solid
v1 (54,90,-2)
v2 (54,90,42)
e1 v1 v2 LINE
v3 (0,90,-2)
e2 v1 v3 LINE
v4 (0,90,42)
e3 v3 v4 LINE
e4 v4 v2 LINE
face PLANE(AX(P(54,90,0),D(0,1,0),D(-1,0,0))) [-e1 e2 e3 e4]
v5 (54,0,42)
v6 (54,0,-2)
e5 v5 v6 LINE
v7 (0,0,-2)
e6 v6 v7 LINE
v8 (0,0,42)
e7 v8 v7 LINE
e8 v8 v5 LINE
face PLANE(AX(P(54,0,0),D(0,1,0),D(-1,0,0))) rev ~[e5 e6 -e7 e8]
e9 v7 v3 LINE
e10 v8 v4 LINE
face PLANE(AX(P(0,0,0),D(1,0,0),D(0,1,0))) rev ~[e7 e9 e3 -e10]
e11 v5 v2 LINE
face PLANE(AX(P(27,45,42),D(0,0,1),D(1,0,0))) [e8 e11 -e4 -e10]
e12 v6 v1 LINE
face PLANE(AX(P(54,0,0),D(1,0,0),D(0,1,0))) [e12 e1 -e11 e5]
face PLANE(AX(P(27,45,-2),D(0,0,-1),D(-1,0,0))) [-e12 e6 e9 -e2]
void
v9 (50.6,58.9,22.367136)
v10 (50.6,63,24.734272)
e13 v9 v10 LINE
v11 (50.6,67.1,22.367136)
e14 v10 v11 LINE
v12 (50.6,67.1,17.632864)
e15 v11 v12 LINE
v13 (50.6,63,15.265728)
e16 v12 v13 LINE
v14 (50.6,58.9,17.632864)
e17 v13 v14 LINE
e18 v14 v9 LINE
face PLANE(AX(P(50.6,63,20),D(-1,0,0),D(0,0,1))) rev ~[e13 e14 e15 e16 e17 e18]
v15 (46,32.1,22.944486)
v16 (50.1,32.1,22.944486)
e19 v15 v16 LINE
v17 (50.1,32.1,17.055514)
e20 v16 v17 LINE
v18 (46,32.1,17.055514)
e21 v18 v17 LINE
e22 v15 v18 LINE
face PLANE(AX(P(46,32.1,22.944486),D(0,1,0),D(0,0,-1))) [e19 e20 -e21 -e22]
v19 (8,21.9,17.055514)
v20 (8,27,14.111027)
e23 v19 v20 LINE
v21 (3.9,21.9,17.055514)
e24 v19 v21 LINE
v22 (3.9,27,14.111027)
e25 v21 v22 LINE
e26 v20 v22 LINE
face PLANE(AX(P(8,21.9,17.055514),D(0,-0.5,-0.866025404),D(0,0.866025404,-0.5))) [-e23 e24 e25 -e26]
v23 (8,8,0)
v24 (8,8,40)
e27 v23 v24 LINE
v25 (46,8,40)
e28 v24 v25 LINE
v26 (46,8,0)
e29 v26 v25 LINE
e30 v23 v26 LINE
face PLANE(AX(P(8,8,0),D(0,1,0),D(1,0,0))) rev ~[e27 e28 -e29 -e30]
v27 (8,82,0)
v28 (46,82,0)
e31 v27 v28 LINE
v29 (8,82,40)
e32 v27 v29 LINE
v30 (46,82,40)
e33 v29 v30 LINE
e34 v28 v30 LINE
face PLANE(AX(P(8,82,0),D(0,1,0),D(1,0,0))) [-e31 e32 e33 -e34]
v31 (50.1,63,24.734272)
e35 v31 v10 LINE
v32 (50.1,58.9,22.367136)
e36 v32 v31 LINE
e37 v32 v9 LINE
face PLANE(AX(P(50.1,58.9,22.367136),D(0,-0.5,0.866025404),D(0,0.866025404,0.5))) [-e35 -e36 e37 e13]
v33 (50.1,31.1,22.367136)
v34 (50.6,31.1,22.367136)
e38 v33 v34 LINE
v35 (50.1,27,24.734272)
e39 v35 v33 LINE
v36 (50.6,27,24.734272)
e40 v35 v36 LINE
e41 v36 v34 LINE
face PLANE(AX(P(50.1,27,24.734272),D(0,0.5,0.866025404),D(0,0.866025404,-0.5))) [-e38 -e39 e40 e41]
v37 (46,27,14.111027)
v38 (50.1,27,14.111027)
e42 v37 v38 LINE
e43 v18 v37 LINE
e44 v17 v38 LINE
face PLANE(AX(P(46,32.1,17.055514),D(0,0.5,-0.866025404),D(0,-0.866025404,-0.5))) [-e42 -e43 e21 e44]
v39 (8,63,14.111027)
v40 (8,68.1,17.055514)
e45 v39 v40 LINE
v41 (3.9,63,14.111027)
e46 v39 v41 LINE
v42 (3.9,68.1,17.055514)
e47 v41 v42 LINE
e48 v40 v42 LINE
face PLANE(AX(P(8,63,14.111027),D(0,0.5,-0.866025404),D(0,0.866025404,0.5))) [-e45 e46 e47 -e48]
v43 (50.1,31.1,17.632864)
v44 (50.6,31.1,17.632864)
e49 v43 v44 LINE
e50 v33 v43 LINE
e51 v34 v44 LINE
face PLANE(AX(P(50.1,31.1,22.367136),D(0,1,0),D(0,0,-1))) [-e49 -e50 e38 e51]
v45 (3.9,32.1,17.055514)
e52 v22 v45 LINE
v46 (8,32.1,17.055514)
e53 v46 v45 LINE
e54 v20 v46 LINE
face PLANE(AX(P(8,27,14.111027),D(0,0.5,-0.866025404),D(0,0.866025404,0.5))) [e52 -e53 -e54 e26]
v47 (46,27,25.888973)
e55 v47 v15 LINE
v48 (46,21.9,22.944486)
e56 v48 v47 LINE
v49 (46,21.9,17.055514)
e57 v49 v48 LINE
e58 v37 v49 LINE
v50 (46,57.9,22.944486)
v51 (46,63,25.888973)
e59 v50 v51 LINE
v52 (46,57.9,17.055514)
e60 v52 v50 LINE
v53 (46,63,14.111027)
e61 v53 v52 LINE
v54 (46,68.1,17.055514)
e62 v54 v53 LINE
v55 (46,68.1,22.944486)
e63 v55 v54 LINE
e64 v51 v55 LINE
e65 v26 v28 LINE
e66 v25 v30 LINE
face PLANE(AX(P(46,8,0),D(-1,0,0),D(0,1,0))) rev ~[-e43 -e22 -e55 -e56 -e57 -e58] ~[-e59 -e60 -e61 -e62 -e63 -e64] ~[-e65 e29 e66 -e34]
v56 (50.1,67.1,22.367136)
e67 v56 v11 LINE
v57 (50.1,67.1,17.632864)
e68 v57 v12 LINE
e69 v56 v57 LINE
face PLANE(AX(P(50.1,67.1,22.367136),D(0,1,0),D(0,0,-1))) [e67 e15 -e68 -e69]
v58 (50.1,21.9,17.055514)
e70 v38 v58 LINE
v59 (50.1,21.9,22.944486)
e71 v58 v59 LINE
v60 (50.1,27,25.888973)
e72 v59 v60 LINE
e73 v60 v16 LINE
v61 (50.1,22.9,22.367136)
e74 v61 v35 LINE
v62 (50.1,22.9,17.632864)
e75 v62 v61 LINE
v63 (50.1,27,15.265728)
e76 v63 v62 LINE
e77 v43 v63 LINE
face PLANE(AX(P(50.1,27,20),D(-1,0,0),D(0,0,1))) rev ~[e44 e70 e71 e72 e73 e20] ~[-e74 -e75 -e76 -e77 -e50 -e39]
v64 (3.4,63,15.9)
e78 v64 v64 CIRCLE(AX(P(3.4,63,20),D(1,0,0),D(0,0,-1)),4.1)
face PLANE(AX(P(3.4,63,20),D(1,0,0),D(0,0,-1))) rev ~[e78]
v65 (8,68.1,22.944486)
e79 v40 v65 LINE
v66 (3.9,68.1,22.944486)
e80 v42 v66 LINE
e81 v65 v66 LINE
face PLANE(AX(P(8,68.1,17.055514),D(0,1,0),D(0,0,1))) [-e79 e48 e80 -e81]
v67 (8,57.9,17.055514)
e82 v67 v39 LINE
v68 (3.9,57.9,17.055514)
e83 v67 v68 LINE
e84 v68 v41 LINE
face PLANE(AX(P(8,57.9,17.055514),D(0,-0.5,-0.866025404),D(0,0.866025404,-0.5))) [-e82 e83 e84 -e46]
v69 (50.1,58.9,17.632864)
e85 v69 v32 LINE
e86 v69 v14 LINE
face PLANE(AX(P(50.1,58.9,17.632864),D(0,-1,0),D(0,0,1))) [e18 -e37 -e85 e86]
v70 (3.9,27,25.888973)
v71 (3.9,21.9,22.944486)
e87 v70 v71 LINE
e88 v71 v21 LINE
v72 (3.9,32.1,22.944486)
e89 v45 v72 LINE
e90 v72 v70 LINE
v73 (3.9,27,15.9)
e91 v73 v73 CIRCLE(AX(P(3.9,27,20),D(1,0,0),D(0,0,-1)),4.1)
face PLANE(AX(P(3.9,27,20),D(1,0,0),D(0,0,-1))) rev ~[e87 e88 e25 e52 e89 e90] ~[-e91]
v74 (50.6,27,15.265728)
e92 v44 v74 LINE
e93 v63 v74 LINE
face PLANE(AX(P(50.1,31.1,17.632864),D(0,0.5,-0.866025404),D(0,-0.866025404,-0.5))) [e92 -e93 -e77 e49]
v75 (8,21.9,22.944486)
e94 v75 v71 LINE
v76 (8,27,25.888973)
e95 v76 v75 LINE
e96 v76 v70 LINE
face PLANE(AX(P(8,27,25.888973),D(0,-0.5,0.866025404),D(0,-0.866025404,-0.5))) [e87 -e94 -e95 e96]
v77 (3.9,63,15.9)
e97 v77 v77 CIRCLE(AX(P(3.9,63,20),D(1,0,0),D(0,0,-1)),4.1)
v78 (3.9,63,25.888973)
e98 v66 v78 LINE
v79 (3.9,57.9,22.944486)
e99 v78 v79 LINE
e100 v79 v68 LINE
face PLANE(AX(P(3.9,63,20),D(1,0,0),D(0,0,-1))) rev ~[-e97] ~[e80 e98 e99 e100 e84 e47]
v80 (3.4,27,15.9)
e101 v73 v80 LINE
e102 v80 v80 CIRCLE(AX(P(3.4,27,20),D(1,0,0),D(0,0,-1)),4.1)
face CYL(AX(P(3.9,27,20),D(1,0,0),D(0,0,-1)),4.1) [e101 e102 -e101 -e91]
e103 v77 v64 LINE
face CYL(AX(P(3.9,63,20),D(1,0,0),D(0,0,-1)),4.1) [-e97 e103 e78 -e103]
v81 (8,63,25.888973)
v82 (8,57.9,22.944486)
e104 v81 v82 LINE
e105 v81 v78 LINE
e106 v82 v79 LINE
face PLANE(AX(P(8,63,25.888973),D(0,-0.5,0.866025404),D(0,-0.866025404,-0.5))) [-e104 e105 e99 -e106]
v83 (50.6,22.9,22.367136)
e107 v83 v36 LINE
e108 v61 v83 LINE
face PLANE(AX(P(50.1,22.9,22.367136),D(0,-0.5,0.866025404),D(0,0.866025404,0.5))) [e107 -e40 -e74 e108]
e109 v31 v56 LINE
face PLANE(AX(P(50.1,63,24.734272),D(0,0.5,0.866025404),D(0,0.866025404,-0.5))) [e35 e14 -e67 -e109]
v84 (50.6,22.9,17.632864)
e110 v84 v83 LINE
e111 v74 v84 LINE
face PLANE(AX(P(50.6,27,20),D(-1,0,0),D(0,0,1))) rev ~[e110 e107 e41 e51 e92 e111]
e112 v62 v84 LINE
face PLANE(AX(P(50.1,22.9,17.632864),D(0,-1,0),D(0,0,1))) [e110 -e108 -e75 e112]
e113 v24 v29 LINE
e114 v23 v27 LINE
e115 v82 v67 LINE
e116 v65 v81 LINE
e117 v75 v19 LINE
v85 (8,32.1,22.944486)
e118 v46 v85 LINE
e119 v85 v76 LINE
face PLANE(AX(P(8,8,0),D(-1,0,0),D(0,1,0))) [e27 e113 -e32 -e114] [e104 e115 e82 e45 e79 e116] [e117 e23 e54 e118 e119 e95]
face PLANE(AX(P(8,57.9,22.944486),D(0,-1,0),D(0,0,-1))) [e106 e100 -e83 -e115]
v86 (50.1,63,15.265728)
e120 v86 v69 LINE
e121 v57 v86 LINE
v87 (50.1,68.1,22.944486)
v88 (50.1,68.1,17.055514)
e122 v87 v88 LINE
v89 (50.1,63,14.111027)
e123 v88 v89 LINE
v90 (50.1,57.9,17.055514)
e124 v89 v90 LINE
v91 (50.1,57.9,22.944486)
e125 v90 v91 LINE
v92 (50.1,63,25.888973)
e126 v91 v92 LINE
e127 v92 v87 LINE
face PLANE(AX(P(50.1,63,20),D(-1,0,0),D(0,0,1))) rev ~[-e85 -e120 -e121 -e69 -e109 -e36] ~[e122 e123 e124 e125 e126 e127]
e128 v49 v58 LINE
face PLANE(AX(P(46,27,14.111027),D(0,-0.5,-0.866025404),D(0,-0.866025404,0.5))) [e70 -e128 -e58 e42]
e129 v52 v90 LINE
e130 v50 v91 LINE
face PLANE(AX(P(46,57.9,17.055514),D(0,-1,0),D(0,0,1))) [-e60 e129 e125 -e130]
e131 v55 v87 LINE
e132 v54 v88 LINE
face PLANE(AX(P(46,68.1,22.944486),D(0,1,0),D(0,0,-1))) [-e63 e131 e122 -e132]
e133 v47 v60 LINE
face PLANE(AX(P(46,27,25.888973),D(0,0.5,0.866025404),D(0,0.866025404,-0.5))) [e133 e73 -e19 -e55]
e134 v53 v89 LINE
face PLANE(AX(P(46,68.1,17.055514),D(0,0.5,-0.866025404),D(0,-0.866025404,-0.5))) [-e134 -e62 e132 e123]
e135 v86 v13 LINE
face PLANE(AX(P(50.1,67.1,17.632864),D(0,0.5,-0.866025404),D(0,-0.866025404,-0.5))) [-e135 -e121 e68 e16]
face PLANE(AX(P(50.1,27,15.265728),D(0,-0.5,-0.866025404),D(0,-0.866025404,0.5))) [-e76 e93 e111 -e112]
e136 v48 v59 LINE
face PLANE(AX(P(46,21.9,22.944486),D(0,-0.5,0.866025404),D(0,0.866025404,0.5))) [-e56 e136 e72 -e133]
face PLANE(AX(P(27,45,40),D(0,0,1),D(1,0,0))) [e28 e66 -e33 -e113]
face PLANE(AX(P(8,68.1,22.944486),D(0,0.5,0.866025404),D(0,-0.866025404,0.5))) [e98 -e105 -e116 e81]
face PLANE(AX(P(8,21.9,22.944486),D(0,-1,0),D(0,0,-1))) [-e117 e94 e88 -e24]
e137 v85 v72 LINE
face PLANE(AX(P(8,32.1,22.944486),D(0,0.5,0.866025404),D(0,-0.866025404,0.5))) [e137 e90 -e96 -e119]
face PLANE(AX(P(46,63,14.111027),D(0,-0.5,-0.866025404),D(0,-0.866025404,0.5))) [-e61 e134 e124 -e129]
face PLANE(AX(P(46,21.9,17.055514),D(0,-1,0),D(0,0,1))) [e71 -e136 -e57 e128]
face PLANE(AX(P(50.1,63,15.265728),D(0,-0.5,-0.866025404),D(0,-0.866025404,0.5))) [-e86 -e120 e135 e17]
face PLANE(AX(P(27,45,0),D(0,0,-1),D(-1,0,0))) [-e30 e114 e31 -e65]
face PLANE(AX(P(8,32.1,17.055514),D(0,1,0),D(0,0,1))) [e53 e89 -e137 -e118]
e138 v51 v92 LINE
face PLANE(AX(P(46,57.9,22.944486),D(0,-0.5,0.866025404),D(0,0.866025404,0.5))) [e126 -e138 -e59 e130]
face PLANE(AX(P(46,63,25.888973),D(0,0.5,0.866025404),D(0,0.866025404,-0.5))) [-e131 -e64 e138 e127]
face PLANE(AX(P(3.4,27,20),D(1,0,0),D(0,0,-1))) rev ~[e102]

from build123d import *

# Parameters (mm, degrees)
SKETCH1_W           = 54
SKETCH1_H           = 90
SKETCH1_W_2         = 38
SKETCH1_H_2         = 74
BOSS_EXTRUDE1_DEPTH = 40
CUT_EXTRUDE1_DEPTH  = 4.1
CUT_EXTRUDE2_DEPTH  = 0.5
CUT_EXTRUDE3_DEPTH  = 4.1
SKETCH7_R           = 4.1
CUT_EXTRUDE4_DEPTH  = 0.5
SKETCH8_W           = 54
SKETCH8_H           = 90
BOSS_EXTRUDE2_DEPTH = 2
SKETCH9_W           = 54
SKETCH9_H           = 90
BOSS_EXTRUDE3_DEPTH = 2


with BuildPart() as part:
    # Sketch1 → Boss-Extrude1 (new body)
    with BuildSketch(Plane.XY):
        with Locations((27, 45)):
            Rectangle(SKETCH1_W, SKETCH1_H)
        with Locations((27, 45)):
            Rectangle(SKETCH1_W_2, SKETCH1_H_2, mode=Mode.SUBTRACT)
    extrude(amount=BOSS_EXTRUDE1_DEPTH)

    # Sketch2 → Cut-Extrude1 (cut)
    with BuildSketch(Plane.ZY.offset(-46)):
        Polygon((25.888972746, 63), (22.944486373, 68.1), (17.055513627, 68.1), (14.111027254, 63), (17.055513627, 57.9), (22.944486373, 57.9), align=None)
        Polygon((25.888972746, 27), (22.944486373, 32.1), (17.055513627, 32.1), (14.111027254, 27), (17.055513627, 21.9), (22.944486373, 21.9), align=None)
    extrude(amount=-CUT_EXTRUDE1_DEPTH, mode=Mode.SUBTRACT)

    # Sketch5 → Cut-Extrude2 (cut)
    with BuildSketch(Plane.ZY.offset(-50.1)):
        Polygon((17.632863896, 22.9), (22.367136104, 22.9), (24.734272207, 27), (22.367136104, 31.1), (17.632863896, 31.1), (15.265727793, 27), align=None)
        Polygon((24.734272207, 63), (22.367136104, 67.1), (17.632863896, 67.1), (15.265727793, 63), (17.632863896, 58.9), (22.367136104, 58.9), align=None)
    extrude(amount=-CUT_EXTRUDE2_DEPTH, mode=Mode.SUBTRACT)

    # Sketch6 → Cut-Extrude3 (cut)
    with BuildSketch(Plane(origin=(8, 0, 0), x_dir=(0, 0, -1), z_dir=(1, 0, 0))):
        Polygon((-14.111027254, 63), (-17.055513627, 68.1), (-22.944486373, 68.1), (-25.888972746, 63), (-22.944486373, 57.9), (-17.055513627, 57.9), align=None)
        Polygon((-14.111027254, 27), (-17.055513627, 32.1), (-22.944486373, 32.1), (-25.888972746, 27), (-22.944486373, 21.9), (-17.055513627, 21.9), align=None)
    extrude(amount=-CUT_EXTRUDE3_DEPTH, mode=Mode.SUBTRACT)

    # Sketch7 → Cut-Extrude4 (cut)
    with BuildSketch(Plane(origin=(3.9, 0, 0), x_dir=(0, 0, -1), z_dir=(1, 0, 0))):
        with Locations((-20, 63)):
            Circle(SKETCH7_R)
        with Locations((-20, 27)):
            Circle(SKETCH7_R)
    extrude(amount=-CUT_EXTRUDE4_DEPTH, mode=Mode.SUBTRACT)

    # Sketch8 → Boss-Extrude2 (add)
    with BuildSketch(Plane.XY.offset(40)):
        with Locations((27, 45)):
            Rectangle(SKETCH8_W, SKETCH8_H)
    extrude(amount=BOSS_EXTRUDE2_DEPTH)

    # Sketch9 → Boss-Extrude3 (add)
    with BuildSketch(Plane(origin=(0, 0, 0), x_dir=(-1, 0, 0), z_dir=(0, 0, -1))):
        with Locations((-27, 45)):
            Rectangle(SKETCH9_W, SKETCH9_H)
    extrude(amount=BOSS_EXTRUDE3_DEPTH)


solid = part.part
